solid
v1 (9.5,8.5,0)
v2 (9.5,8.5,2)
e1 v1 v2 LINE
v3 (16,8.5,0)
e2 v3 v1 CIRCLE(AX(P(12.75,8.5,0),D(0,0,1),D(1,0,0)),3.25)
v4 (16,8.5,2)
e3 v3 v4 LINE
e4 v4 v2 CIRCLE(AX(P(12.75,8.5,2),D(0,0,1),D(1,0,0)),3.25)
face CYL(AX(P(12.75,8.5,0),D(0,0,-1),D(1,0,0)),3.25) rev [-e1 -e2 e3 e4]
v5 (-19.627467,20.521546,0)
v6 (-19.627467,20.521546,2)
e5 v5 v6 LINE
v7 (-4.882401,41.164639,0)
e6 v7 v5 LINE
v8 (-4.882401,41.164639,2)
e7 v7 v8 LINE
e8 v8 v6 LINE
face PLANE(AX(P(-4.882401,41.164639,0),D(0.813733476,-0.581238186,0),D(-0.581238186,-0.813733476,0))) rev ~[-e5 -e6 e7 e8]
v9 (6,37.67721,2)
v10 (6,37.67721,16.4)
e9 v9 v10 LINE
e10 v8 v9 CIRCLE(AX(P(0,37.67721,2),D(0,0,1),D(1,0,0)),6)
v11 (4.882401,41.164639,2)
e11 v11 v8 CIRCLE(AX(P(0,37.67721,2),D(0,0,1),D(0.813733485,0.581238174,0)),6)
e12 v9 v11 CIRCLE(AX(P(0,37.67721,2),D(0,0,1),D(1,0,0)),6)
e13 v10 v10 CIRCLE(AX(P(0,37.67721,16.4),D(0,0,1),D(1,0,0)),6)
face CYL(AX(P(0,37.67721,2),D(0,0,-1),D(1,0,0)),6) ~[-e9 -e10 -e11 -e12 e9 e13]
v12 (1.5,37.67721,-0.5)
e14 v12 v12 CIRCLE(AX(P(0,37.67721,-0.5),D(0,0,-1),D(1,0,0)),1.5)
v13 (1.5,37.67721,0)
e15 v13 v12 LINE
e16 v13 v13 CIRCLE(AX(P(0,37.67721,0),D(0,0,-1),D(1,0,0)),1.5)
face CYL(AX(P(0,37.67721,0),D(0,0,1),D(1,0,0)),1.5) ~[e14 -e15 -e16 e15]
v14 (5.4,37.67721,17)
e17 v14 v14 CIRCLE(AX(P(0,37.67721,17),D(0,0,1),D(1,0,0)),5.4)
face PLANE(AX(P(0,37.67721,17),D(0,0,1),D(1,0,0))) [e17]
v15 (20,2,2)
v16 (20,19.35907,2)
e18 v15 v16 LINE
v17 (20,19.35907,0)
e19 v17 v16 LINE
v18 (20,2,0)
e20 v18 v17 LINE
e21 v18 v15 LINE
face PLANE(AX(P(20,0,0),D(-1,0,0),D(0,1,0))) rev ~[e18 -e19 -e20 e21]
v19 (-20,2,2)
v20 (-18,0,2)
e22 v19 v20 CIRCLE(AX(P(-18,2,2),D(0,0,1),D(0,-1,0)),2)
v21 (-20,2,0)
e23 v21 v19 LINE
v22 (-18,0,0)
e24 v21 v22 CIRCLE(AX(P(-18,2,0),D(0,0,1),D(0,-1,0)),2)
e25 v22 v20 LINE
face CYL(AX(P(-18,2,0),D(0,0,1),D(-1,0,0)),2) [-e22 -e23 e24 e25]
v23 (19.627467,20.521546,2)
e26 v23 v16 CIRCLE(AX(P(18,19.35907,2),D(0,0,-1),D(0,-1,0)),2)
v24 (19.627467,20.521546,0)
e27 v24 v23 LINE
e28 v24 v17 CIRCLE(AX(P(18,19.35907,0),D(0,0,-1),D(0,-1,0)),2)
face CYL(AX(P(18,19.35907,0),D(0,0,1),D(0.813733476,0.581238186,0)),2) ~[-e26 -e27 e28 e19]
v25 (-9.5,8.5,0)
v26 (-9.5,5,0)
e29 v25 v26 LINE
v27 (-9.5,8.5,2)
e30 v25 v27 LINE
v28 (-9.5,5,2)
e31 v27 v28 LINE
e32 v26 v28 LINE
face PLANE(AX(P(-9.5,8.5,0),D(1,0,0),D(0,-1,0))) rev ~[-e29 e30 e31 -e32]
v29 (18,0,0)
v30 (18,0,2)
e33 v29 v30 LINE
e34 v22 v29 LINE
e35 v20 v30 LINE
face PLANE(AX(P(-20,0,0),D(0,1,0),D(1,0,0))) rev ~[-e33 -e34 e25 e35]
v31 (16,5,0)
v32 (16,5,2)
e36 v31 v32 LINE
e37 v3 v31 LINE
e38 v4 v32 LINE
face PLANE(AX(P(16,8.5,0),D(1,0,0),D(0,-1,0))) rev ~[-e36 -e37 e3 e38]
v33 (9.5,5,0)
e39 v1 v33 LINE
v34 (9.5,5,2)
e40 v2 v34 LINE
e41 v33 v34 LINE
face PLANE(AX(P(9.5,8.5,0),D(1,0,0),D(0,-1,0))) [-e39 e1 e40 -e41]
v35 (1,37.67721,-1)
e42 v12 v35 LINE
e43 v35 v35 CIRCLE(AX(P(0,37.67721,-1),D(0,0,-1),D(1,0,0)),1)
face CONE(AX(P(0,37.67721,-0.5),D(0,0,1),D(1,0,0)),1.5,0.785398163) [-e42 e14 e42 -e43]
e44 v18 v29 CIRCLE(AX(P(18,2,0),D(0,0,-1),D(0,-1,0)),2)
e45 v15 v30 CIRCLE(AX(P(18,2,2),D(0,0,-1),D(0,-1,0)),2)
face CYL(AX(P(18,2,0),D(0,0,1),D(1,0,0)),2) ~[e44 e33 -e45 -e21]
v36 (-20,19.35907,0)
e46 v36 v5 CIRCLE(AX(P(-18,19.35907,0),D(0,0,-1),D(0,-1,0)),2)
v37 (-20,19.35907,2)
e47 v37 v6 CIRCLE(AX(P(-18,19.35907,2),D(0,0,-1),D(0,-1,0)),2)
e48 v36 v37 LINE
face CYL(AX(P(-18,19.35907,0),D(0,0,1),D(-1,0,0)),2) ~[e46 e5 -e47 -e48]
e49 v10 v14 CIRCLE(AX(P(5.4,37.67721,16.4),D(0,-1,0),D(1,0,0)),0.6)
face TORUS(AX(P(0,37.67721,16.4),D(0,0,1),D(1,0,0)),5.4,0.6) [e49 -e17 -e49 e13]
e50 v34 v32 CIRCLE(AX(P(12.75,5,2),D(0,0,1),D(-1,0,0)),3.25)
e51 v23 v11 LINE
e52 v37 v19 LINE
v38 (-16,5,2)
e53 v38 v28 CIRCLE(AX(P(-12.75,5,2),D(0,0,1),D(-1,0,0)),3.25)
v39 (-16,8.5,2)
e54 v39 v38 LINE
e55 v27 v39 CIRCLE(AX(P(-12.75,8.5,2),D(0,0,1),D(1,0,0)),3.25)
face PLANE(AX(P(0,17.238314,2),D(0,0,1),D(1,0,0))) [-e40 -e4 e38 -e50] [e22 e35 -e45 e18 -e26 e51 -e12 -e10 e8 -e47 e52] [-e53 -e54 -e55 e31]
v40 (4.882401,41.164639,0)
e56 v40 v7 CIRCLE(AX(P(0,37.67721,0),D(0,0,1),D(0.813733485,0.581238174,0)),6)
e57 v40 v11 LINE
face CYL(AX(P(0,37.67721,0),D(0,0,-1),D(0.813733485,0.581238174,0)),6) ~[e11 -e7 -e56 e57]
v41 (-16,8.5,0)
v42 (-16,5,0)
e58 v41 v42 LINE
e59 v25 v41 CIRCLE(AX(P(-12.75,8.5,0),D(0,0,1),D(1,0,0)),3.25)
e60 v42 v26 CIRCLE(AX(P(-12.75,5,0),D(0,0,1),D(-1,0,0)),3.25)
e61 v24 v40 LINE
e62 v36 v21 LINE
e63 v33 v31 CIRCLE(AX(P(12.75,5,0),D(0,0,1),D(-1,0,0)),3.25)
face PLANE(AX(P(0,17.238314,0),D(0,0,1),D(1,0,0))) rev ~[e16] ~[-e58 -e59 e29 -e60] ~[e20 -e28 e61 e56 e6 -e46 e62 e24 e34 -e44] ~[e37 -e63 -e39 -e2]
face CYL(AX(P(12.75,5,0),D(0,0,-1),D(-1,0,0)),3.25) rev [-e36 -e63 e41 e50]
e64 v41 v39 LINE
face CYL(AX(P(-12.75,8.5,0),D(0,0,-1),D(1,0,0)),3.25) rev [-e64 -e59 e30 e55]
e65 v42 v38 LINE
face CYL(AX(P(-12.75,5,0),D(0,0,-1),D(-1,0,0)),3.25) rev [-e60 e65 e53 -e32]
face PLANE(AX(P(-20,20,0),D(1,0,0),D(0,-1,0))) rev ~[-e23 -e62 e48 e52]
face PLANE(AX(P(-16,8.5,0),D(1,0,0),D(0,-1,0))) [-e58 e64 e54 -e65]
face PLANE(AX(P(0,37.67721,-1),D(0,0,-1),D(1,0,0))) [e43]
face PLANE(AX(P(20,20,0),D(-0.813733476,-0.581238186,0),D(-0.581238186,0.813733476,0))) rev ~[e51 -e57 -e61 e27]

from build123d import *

# Parameters (mm, degrees)
PAD_DEPTH    = 2
SKETCH001_R  = 6
PAD001_DEPTH = 15
SKETCH002_R  = 1.5
PAD002_DEPTH = 1
FILLET_R     = 2
FILLET001_R  = 0.6
CHAMFER_SIZE = 0.5


with BuildPart() as part:
    # Sketch → Pad (new body)
    with BuildSketch(Plane.XY):
        with BuildLine():
            Line((-20, 0), (20, 0))
            Line((20, 0), (20, 20))
            Line((20, 20), (4.882401, 41.164639))
            ThreePointArc((4.882401, 41.164639), (0, 43.67721), (-4.882401, 41.164639))
            Line((-4.882401, 41.164639), (-20, 20))
            Line((-20, 20), (-20, 0))
        make_face()
        with BuildLine():
            ThreePointArc((16, 8.5), (12.75, 11.75), (9.5, 8.5))
            Line((9.5, 8.5), (9.5, 5))
            ThreePointArc((9.5, 5), (12.75, 1.75), (16, 5))
            Line((16, 8.5), (16, 5))
        make_face(mode=Mode.SUBTRACT)
        with BuildLine():
            ThreePointArc((-9.5, 8.5), (-12.75, 11.75), (-16, 8.5))
            Line((-16, 8.5), (-16, 5))
            ThreePointArc((-16, 5), (-12.75, 1.75), (-9.5, 5))
            Line((-9.5, 8.5), (-9.5, 5))
        make_face(mode=Mode.SUBTRACT)
    extrude(amount=PAD_DEPTH)

    # Sketch001 (on Face16 of Pad) → Pad001 (join)
    with BuildSketch(Plane.XY.offset(2)):
        with Locations((0, 37.67721)):
            Circle(SKETCH001_R)
    extrude(amount=PAD001_DEPTH)

    # Sketch002 (on Face4 of Pad001) → Pad002 (join)
    with BuildSketch(Plane(origin=(0, 0, 0), x_dir=(1, 0, 0), z_dir=(0, 0, -1))):
        with Locations((0, -37.67721)):
            Circle(SKETCH002_R)
    extrude(amount=PAD002_DEPTH)

    # Fillet
    fillet_edges = [part.edges().sort_by_distance(p)[0] for p in [
        (20, 0, 1),
        (-20, 0, 1),
        (-20, 20, 1),
        (20, 20, 1),
    ]]
    fillet(fillet_edges, radius=FILLET_R)

    # Fillet001
    fillet001_edges = [part.edges().sort_by_distance(p)[0] for p in [
        (-6, 37.67721, 17),
    ]]
    fillet(fillet001_edges, radius=FILLET001_R)

    # Chamfer
    chamfer_edges = [part.edges().sort_by_distance(p)[0] for p in [
        (-1.5, 37.67721, -1),
    ]]
    chamfer(chamfer_edges, length=CHAMFER_SIZE)


solid = part.part
